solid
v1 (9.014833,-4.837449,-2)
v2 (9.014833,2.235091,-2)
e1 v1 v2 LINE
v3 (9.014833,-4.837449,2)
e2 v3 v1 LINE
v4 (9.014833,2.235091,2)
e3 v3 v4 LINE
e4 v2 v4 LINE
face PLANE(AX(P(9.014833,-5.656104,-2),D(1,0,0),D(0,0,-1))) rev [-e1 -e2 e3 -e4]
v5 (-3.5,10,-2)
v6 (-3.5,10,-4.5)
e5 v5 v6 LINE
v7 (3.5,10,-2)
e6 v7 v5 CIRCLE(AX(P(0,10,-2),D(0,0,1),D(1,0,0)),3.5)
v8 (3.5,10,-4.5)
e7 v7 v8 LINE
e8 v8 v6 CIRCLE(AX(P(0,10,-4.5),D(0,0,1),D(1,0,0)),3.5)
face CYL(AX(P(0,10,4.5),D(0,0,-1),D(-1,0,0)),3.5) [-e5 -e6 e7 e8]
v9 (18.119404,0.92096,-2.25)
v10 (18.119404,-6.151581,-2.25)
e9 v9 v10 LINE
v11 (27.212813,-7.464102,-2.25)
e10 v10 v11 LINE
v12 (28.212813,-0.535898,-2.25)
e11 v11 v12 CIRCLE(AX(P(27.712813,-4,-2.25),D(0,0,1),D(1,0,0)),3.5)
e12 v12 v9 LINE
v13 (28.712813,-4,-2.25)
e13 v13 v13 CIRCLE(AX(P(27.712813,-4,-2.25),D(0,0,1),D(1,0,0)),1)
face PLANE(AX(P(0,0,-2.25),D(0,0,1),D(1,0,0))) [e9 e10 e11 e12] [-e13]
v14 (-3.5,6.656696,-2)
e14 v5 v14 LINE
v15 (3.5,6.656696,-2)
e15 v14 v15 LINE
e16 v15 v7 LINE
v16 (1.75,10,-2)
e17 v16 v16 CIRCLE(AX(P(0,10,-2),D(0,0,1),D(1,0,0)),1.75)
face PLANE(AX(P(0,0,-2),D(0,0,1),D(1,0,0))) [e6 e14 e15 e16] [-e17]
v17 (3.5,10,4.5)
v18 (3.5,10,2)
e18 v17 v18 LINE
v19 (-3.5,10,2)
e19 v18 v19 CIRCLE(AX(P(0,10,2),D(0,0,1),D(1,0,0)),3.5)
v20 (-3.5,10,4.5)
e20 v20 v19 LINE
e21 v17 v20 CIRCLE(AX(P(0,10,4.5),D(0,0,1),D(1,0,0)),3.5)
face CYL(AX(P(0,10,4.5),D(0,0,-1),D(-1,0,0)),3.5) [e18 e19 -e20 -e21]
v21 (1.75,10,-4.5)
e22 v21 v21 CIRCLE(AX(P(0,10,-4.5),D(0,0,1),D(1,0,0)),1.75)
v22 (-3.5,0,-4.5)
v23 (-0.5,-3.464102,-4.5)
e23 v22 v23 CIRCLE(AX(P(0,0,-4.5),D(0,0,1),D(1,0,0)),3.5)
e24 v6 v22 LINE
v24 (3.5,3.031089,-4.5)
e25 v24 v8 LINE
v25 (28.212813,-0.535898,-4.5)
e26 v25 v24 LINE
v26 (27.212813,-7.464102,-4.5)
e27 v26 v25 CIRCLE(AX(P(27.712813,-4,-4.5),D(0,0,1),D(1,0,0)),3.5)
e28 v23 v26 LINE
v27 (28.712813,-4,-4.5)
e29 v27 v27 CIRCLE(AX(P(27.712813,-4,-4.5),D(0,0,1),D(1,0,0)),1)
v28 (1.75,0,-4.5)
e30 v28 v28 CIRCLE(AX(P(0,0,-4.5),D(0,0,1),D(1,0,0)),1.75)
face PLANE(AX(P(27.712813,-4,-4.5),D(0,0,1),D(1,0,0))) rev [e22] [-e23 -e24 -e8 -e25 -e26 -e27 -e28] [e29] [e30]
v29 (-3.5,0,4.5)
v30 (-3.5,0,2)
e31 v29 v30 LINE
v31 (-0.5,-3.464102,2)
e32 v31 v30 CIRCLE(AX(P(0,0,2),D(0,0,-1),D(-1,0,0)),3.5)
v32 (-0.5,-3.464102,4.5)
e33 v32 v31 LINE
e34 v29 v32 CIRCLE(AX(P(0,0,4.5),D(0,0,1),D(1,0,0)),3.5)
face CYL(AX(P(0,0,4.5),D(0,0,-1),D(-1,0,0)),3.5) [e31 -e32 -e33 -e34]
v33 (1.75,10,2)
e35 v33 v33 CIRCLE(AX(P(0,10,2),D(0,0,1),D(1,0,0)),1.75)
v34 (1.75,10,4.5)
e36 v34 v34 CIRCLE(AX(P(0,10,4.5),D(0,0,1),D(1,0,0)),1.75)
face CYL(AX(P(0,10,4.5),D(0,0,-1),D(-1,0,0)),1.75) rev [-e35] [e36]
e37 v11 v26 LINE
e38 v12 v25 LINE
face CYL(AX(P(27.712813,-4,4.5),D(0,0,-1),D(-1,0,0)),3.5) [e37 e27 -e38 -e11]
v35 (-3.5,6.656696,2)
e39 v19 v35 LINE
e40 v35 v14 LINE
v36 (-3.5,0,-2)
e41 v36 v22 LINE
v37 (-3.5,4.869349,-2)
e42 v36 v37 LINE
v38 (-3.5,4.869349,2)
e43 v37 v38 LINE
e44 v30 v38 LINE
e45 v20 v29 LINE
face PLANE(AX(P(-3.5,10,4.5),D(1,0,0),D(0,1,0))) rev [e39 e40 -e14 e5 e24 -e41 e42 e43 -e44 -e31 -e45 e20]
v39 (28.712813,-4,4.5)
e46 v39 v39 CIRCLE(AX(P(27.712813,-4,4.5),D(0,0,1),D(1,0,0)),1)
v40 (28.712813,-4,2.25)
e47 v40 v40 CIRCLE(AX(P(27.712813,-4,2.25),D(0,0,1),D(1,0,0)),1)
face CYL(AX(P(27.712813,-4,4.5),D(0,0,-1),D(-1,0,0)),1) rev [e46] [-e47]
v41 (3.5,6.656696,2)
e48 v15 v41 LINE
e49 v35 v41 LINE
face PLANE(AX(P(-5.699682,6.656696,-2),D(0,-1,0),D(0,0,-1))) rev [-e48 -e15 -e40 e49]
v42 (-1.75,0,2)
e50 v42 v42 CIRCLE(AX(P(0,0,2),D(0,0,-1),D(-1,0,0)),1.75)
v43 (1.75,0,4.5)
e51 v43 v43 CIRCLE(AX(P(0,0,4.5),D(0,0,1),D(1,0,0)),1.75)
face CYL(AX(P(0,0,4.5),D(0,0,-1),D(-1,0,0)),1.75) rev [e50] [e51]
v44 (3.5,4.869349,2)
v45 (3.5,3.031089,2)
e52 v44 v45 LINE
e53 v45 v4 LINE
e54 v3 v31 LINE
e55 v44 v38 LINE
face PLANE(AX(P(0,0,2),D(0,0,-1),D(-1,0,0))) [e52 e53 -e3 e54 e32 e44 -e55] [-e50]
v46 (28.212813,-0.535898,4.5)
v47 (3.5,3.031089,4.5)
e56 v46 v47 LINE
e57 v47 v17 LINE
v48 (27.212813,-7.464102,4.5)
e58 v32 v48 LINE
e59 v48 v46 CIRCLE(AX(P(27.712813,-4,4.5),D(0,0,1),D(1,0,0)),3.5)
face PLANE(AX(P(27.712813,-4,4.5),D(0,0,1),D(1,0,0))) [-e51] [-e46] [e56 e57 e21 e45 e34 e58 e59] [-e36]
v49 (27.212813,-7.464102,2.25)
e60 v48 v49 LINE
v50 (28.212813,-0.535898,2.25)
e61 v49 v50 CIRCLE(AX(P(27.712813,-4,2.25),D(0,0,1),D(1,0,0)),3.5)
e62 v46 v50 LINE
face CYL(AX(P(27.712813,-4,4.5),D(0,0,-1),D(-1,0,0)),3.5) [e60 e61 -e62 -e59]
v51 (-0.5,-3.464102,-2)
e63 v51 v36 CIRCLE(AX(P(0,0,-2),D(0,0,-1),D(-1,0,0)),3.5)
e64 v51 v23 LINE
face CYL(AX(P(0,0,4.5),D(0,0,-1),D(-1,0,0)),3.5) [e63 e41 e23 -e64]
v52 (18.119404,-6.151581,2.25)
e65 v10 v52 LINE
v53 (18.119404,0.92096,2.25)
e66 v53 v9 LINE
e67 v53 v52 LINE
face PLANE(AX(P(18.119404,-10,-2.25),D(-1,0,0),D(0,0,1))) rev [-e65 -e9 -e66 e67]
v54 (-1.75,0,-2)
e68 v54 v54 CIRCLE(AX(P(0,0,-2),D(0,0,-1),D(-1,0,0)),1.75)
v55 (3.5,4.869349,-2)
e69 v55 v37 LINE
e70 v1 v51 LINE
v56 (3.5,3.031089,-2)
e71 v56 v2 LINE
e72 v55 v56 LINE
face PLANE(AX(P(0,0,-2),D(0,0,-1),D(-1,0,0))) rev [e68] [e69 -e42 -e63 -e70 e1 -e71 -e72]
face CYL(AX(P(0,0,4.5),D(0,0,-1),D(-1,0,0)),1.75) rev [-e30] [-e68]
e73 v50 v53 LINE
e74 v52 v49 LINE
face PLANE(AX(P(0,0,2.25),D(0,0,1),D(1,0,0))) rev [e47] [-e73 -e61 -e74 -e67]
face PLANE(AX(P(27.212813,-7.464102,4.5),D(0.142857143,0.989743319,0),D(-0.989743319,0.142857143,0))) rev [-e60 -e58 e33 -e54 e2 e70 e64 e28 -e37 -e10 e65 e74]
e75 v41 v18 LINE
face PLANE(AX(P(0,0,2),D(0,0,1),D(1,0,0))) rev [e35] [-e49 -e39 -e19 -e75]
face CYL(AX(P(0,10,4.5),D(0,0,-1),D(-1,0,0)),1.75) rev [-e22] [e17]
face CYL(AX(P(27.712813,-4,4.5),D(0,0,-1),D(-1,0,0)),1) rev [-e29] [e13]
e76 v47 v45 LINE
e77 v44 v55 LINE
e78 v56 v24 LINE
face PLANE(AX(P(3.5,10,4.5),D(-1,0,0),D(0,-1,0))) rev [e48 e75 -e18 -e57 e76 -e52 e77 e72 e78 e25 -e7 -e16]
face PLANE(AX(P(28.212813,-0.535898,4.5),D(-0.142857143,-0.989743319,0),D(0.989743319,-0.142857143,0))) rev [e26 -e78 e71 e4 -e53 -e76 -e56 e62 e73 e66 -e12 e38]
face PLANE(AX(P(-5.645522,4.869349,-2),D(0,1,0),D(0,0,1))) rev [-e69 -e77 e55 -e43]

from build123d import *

# Parameters (mm, degrees)
SKETCH_1_R          = 1.75
SKETCH_1_R_2        = 1
EXTRUDE_1_DEPTH     = 4.5
SKETCH_5_W          = 9.199682462
SKETCH_5_H          = 9.813167506
SKETCH_5_W_2        = 14.660354758
SKETCH_5_H_2        = 10.525453646
CUT_EXTRUDE_3_DEPTH = 2
SKETCH_6_W          = 19.186818514
SKETCH_6_H          = 12
CUT_EXTRUDE_4_DEPTH = 2.25


with BuildPart() as part:
    # 草图1 → 凸台-拉伸1 (new, symmetric)
    with BuildSketch(Plane.XY):
        with BuildLine():
            Line((27.212812921, -7.464101615), (-0.5, -3.464101615))
            ThreePointArc((-0.5, -3.464101615), (-2.645751311, -2.291287847), (-3.5, 0))
            Line((-3.5, 0), (-3.5, 10))
            ThreePointArc((-3.5, 10), (0, 13.5), (3.5, 10))
            Line((3.5, 10), (3.5, 3.031088913))
            Line((3.5, 3.031088913), (28.212812921, -0.535898385))
            ThreePointArc((28.212812921, -0.535898385), (31.176914536, -4.5), (27.212812921, -7.464101615))
        make_face()
        Circle(SKETCH_1_R, mode=Mode.SUBTRACT)
        with Locations((0, 10)):
            Circle(SKETCH_1_R, mode=Mode.SUBTRACT)
        with Locations((27.712812921, -4)):
            Circle(SKETCH_1_R_2, mode=Mode.SUBTRACT)
    extrude(amount=EXTRUDE_1_DEPTH, both=True)

    # 草图5 → 切除-拉伸3 (cut, symmetric)
    with BuildSketch(Plane.XY):
        with Locations((-1.099841231, 11.563279791)):
            Rectangle(SKETCH_5_W, SKETCH_5_H)
        with Locations((1.684655549, -0.393377614)):
            Rectangle(SKETCH_5_W_2, SKETCH_5_H_2)
    extrude(amount=CUT_EXTRUDE_3_DEPTH, both=True, mode=Mode.SUBTRACT)

    # 草图6 → 切除-拉伸4 (cut, symmetric)
    with BuildSketch(Plane.XY):
        with Locations((27.712812921, -4)):
            Rectangle(SKETCH_6_W, SKETCH_6_H)
    extrude(amount=CUT_EXTRUDE_4_DEPTH, both=True, mode=Mode.SUBTRACT)


solid = part.part
